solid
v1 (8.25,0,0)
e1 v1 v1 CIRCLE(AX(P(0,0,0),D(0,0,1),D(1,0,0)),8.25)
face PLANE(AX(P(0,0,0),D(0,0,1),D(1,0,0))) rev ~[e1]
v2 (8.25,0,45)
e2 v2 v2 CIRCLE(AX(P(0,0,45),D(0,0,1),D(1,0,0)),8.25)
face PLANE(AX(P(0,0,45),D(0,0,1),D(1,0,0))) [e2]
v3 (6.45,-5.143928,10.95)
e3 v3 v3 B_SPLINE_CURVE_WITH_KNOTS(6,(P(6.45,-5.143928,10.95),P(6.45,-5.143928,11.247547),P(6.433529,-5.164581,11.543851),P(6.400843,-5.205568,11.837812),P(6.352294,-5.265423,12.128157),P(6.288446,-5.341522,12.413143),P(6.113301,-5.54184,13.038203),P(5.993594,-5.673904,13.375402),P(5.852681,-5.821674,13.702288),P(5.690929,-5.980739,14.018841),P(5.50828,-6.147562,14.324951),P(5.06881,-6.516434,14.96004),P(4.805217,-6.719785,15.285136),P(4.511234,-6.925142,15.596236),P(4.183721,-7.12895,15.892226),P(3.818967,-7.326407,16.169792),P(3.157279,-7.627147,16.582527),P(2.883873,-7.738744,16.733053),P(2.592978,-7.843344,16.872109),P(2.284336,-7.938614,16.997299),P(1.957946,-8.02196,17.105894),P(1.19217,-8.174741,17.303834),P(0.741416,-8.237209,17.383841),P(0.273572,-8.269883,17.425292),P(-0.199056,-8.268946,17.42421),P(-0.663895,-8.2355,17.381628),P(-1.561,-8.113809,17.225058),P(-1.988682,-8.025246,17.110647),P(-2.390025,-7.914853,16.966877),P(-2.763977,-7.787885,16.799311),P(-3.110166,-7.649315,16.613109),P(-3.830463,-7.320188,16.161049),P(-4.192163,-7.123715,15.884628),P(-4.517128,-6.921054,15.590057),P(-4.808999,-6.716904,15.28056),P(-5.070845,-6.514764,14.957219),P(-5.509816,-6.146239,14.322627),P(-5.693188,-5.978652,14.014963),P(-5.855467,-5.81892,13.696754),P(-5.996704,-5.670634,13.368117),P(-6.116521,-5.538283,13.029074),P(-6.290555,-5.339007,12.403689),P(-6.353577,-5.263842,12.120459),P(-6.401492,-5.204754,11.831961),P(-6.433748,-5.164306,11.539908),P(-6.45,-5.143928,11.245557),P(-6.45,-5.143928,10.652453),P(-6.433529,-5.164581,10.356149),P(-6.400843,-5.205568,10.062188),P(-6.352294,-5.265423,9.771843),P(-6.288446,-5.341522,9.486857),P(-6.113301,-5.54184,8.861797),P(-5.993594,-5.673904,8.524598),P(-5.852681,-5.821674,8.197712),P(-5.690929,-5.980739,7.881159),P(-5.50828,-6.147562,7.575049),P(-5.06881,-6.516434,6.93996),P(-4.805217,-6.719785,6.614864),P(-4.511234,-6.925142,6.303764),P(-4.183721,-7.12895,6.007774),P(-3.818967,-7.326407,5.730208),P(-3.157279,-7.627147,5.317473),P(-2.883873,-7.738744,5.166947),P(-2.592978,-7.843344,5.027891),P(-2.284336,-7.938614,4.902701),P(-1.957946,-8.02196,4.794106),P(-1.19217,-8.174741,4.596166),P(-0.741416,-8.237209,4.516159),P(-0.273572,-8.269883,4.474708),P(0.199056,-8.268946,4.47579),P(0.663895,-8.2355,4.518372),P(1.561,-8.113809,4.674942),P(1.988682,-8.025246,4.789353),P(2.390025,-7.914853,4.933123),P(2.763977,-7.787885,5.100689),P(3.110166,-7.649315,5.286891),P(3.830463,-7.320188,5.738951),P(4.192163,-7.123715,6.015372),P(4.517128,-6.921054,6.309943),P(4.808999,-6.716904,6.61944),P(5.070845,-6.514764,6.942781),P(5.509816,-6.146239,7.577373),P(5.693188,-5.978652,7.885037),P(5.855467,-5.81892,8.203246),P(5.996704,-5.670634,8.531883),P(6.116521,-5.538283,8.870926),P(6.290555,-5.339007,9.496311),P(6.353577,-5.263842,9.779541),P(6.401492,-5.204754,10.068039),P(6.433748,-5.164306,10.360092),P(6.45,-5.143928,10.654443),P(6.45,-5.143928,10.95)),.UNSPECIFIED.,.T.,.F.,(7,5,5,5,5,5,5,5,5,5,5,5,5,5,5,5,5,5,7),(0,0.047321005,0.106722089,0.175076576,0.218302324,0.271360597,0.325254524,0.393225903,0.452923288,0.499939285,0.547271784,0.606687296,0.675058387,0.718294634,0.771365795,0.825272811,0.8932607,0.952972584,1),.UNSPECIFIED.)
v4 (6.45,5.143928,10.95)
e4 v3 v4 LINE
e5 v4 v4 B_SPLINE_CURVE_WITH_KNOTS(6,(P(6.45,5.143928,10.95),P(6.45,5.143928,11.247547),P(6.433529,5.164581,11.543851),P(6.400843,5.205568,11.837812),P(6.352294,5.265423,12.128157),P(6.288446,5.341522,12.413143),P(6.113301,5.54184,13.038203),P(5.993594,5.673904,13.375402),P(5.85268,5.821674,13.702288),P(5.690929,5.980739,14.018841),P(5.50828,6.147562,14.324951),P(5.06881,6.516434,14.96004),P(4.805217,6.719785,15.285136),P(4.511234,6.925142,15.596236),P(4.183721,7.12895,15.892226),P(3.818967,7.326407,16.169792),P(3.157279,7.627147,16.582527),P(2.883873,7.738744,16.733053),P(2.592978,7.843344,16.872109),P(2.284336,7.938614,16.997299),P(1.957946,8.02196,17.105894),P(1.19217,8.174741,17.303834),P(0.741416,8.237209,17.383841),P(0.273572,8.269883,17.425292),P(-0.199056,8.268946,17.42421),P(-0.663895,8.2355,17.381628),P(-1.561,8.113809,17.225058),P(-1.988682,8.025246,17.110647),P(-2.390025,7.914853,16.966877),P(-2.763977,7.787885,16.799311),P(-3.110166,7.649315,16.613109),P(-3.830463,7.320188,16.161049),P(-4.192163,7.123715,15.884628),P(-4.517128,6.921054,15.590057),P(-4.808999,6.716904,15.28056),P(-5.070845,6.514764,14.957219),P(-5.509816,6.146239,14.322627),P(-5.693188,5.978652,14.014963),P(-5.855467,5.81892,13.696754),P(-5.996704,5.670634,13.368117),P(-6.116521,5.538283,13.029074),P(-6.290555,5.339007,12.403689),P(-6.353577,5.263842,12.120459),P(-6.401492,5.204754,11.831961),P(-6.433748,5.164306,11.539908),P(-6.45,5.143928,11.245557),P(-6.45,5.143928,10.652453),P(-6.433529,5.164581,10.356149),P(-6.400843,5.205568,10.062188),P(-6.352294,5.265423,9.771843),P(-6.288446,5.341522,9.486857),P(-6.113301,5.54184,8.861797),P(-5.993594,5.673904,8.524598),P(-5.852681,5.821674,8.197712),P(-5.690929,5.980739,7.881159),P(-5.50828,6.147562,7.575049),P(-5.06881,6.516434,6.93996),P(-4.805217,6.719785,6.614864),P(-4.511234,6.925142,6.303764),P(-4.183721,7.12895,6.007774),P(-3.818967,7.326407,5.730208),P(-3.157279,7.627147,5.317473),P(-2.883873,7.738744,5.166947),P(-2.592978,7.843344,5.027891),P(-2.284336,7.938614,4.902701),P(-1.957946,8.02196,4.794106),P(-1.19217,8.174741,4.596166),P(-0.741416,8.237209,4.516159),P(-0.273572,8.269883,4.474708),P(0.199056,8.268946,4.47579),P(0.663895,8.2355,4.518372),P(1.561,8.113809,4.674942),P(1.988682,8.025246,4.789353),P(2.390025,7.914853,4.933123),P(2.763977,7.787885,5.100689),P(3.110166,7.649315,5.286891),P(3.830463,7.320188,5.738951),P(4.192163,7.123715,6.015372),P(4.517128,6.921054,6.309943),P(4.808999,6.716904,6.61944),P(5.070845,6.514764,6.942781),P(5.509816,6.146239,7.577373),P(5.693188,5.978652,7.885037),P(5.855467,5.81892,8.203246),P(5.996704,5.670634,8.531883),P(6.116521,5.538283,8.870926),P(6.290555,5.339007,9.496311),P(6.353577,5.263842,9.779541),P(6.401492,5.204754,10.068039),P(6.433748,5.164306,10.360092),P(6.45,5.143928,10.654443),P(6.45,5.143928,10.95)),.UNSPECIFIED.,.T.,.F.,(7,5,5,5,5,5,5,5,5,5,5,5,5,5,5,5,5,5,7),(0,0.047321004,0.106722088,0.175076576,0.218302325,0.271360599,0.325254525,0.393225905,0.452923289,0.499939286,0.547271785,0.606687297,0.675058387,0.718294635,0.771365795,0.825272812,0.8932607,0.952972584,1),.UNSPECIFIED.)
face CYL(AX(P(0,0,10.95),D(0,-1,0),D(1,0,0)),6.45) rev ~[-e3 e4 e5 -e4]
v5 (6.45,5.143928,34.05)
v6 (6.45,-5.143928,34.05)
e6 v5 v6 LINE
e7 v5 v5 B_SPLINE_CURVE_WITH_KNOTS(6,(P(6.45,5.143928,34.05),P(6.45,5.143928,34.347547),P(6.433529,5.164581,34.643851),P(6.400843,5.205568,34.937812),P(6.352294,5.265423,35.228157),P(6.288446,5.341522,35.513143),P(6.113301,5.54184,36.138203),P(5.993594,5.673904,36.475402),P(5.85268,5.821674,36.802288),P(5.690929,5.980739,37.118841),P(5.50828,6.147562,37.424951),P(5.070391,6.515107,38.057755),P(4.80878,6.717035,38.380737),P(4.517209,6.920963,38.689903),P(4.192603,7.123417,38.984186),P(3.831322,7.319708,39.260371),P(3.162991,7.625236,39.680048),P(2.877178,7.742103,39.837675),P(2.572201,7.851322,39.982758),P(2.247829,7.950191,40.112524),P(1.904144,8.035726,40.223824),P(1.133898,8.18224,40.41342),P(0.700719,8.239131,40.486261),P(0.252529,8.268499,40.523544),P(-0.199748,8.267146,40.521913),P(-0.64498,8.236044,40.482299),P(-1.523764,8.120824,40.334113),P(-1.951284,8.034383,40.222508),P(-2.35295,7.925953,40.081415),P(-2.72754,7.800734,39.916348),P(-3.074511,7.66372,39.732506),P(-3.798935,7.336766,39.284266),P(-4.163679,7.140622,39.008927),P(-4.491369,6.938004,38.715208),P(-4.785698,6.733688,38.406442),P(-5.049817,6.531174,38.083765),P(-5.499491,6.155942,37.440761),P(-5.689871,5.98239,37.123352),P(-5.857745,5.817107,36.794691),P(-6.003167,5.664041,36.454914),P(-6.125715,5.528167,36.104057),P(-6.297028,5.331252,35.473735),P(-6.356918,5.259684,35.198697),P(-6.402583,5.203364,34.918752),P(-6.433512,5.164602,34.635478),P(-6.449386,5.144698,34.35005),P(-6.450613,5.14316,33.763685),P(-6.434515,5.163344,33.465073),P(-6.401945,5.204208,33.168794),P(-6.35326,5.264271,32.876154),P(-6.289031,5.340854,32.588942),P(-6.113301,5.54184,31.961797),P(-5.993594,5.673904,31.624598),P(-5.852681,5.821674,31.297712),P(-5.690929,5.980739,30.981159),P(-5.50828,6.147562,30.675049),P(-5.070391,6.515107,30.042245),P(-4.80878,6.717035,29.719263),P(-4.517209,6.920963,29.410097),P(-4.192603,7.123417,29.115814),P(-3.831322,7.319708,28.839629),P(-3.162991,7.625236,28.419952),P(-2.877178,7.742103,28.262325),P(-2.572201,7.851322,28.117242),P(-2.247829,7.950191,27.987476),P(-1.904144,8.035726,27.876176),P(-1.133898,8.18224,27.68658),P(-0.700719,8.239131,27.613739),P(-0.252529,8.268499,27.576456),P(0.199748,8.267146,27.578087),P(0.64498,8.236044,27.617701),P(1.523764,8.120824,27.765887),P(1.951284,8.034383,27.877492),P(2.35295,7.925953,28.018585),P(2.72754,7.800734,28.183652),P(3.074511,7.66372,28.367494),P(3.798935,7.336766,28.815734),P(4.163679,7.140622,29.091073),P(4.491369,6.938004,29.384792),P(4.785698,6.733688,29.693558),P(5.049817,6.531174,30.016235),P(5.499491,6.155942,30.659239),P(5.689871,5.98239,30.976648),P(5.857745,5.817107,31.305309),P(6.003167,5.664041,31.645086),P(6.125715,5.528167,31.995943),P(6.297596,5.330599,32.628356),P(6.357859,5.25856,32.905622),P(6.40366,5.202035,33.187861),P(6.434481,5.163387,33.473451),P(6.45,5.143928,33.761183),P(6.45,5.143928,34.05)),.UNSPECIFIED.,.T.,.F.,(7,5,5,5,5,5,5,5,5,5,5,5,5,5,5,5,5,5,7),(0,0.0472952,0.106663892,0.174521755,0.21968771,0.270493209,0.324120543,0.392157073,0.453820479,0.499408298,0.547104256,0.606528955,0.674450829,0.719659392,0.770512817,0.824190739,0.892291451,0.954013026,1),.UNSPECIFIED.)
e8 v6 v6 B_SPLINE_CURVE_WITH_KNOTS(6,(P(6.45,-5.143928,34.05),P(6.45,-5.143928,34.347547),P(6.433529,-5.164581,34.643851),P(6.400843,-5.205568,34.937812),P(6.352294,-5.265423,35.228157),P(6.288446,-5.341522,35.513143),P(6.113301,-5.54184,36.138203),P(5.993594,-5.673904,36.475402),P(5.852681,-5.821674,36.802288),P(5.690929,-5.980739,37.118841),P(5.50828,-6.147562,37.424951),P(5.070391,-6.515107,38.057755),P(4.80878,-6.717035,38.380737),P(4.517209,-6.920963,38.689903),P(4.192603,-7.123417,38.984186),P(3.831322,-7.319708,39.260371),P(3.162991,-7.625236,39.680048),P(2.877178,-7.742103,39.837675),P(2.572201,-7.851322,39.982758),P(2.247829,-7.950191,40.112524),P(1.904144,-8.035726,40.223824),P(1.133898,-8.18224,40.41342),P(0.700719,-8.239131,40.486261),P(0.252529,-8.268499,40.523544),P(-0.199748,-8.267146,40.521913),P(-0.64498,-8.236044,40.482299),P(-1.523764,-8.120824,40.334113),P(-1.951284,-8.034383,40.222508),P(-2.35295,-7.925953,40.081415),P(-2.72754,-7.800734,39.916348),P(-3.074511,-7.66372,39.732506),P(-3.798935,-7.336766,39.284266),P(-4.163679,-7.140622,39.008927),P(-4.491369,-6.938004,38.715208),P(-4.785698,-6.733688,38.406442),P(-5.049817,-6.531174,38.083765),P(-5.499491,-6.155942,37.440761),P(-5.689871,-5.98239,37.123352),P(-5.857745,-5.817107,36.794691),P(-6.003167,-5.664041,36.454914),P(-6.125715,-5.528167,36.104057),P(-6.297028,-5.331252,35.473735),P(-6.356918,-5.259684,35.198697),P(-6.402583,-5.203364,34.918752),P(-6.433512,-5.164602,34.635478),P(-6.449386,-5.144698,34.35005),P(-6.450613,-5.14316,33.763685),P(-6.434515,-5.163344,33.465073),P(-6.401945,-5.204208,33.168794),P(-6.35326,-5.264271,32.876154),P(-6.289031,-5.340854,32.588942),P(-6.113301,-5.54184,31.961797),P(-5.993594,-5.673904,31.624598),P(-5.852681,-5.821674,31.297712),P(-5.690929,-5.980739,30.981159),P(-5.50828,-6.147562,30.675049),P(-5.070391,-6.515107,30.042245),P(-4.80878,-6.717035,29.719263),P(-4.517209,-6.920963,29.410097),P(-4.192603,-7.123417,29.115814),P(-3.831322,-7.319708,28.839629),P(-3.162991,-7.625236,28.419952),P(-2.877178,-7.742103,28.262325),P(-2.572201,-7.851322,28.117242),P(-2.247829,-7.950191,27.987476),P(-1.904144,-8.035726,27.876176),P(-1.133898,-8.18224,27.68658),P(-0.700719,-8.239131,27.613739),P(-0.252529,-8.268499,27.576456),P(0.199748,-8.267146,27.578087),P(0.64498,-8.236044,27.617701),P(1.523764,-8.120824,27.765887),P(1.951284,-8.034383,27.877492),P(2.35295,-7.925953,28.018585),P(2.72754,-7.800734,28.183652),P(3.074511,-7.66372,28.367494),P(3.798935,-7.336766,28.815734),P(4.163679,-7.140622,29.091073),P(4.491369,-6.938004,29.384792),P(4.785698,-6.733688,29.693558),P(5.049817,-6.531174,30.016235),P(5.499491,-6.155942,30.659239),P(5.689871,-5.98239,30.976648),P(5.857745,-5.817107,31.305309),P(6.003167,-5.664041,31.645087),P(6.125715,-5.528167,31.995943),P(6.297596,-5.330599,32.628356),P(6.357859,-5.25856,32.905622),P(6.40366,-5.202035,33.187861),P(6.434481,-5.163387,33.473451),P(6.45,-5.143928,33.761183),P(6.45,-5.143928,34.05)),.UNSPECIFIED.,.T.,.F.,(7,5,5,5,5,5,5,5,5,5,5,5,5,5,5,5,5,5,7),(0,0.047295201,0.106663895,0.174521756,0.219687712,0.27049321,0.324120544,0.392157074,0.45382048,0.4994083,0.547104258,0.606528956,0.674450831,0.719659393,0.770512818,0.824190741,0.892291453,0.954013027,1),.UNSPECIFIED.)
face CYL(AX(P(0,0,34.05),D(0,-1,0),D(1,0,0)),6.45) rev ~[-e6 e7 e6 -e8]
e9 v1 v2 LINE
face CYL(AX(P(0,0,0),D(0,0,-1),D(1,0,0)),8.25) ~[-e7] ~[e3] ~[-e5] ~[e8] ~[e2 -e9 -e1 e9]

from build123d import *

# Parameters (mm, degrees)
F0_R     = 8.25
F1_DEPTH = 45
F2_R     = 6.45
F3_DEPTH = 12.5


with BuildPart() as f1:
    # F0 (on Top) → F1 (new body)
    with BuildSketch(Plane.XY):
        Circle(F0_R)
    extrude(amount=F1_DEPTH)

    # F2 (on Front) → F3 (cut, symmetric)
    with BuildSketch(Plane.XZ):
        with Locations((0, 10.95)):
            Circle(F2_R)
        with Locations((0, 34.05)):
            Circle(F2_R)
    extrude(amount=F3_DEPTH, both=True, mode=Mode.SUBTRACT)


solid = f1.part
